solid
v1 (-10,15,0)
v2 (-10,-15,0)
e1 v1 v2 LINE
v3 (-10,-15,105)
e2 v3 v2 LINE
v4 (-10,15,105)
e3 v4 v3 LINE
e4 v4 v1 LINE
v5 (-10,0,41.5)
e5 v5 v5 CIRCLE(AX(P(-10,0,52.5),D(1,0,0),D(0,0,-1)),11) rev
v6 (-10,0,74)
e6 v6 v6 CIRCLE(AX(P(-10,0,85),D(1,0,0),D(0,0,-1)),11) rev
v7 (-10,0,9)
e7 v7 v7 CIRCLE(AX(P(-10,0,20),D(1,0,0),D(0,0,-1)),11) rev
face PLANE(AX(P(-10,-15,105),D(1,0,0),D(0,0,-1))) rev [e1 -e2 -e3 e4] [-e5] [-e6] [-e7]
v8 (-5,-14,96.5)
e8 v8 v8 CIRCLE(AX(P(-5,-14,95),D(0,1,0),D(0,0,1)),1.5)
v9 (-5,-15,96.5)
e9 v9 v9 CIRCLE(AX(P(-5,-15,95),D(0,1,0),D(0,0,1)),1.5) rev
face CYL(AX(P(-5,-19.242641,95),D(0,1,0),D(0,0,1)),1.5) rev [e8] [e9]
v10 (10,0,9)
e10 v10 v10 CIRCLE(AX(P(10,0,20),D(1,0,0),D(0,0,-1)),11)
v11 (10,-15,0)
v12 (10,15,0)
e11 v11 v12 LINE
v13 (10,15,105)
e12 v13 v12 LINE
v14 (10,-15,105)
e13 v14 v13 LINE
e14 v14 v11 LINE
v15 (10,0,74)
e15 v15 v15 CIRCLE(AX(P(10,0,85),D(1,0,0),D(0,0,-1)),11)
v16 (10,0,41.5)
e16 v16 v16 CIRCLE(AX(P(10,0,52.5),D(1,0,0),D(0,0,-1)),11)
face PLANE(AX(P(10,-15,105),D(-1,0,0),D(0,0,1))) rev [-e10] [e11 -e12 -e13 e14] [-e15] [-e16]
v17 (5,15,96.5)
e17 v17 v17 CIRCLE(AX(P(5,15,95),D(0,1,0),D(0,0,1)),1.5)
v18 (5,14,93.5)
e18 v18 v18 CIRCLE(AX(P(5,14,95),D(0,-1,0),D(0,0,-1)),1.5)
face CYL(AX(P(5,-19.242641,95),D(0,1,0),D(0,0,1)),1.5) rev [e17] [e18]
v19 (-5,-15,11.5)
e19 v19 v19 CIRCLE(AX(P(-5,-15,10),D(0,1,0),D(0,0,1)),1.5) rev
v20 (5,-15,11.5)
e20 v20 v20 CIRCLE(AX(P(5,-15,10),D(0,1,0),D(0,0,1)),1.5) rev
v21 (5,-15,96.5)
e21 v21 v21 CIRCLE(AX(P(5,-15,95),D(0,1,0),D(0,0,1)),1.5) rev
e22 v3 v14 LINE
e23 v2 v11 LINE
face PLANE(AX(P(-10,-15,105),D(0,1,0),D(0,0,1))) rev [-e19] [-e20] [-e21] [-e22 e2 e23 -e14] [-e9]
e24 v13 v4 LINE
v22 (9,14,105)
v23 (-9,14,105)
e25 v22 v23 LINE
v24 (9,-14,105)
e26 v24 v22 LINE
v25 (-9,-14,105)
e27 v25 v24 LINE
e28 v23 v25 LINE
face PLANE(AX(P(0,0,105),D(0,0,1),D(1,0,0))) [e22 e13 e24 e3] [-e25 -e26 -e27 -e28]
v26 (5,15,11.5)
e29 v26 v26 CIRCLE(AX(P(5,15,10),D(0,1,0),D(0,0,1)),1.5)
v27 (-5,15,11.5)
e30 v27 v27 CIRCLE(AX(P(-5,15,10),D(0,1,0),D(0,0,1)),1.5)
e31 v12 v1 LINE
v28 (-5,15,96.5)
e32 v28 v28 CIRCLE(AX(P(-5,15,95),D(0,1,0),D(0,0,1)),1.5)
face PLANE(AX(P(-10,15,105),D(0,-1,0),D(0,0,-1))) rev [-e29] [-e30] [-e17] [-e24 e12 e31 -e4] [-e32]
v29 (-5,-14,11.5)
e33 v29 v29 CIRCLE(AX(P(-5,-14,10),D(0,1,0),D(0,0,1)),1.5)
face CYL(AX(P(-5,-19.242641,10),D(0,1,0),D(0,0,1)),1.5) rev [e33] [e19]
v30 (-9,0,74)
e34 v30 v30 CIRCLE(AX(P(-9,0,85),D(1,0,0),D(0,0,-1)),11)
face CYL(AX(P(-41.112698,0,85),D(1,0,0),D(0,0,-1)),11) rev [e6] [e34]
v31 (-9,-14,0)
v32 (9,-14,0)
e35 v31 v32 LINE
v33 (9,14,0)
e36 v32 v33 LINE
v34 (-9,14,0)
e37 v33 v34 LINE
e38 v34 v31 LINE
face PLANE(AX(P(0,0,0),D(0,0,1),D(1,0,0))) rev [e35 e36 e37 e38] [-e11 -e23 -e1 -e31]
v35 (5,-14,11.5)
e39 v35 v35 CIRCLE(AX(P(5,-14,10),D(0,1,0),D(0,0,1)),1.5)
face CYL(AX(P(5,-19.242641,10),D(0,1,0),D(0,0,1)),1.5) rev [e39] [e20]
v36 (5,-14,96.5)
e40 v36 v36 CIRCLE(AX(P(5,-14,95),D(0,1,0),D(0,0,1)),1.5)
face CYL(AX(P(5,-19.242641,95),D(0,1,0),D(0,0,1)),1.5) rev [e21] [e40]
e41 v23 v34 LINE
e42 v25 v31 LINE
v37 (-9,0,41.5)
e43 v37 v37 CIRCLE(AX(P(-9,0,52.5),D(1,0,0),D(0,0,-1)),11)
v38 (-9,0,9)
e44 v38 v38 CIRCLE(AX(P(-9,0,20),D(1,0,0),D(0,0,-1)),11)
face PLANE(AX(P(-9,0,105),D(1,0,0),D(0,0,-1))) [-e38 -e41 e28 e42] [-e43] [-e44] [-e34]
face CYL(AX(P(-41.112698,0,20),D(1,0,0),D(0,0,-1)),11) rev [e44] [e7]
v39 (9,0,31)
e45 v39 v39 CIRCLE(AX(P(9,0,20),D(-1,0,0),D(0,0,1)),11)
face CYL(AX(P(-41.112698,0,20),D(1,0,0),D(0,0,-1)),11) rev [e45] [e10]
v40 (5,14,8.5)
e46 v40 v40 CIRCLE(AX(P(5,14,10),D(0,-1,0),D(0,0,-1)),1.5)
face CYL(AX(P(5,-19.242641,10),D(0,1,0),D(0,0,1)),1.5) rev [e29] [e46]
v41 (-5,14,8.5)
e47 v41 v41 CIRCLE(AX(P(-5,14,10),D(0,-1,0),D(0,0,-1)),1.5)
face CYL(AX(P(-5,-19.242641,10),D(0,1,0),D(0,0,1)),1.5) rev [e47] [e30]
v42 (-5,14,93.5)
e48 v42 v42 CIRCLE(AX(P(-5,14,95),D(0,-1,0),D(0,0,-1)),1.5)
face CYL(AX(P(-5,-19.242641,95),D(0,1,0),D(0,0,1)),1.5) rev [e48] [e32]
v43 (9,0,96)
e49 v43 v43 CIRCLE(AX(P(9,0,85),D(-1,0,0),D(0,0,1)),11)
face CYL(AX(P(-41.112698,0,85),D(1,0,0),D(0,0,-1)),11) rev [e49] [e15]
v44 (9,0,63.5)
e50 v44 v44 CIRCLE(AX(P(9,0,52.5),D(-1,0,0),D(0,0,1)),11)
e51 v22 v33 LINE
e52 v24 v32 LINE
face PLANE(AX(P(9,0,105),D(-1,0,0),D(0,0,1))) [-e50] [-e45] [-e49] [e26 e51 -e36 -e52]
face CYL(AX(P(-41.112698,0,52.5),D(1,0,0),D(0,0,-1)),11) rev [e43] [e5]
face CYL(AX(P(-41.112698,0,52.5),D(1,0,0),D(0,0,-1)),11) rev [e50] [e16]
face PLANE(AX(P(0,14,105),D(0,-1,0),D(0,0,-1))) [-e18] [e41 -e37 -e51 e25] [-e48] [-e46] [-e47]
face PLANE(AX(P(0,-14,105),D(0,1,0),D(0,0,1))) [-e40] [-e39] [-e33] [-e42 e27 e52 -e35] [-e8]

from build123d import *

# Parameters (mm, degrees)
SKETCH_1_W          = 20
SKETCH_1_H          = 30
SKETCH_1_W_2        = 18
SKETCH_1_H_2        = 28
EXTRUDE_1_DEPTH     = 105
CUT_EXTRUDE_1_REACH = 111.659
SKETCH_2_R          = 1.5
CUT_EXTRUDE_3_REACH = 109.935
SKETCH_5_R          = 11


with BuildPart() as part:
    # 草图1 → 拉伸-薄壁1 (new body)
    with BuildSketch(Plane.XY):
        Rectangle(SKETCH_1_W, SKETCH_1_H)
        Rectangle(SKETCH_1_W_2, SKETCH_1_H_2, mode=Mode.SUBTRACT)
    extrude(amount=EXTRUDE_1_DEPTH)

    # 切除-拉伸1: up to this face of the body (flat: up to its plane)
    cut_extrude_1_end = Plane(part.part.faces().sort_by_distance((0, -15, 52.5))[0])
    # 草图2 → 切除-拉伸1 (cut, up to the picked face)
    with BuildSketch(Plane(origin=(0, 15, 0), x_dir=(1, 0, 0), z_dir=(0, 1, 0)), mode=Mode.PRIVATE) as cut_extrude_1_sk1:
        with Locations(Location((5, -10, 0), (0, 0, 270))):
            Circle(SKETCH_2_R)
    cut_extrude_1_tool1 = split(extrude(cut_extrude_1_sk1.sketch, amount=-CUT_EXTRUDE_1_REACH, mode=Mode.PRIVATE), bisect_by=cut_extrude_1_end, keep=Keep.BOTH, mode=Mode.PRIVATE)
    # 草图2 → 切除-拉伸1 (cut, up to the picked face)
    with BuildSketch(Plane(origin=(0, 15, 0), x_dir=(1, 0, 0), z_dir=(0, 1, 0)), mode=Mode.PRIVATE) as cut_extrude_1_sk2:
        with Locations(Location((-5, -10, 0), (0, 0, 270))):
            Circle(SKETCH_2_R)
    cut_extrude_1_tool2 = split(extrude(cut_extrude_1_sk2.sketch, amount=-CUT_EXTRUDE_1_REACH, mode=Mode.PRIVATE), bisect_by=cut_extrude_1_end, keep=Keep.BOTH, mode=Mode.PRIVATE)
    # 草图2 → 切除-拉伸1 (cut, up to the picked face)
    with BuildSketch(Plane(origin=(0, 15, 0), x_dir=(1, 0, 0), z_dir=(0, 1, 0)), mode=Mode.PRIVATE) as cut_extrude_1_sk3:
        with Locations(Location((5, -95, 0), (0, 0, 270))):
            Circle(SKETCH_2_R)
    cut_extrude_1_tool3 = split(extrude(cut_extrude_1_sk3.sketch, amount=-CUT_EXTRUDE_1_REACH, mode=Mode.PRIVATE), bisect_by=cut_extrude_1_end, keep=Keep.BOTH, mode=Mode.PRIVATE)
    # 草图2 → 切除-拉伸1 (cut, up to the picked face)
    with BuildSketch(Plane(origin=(0, 15, 0), x_dir=(1, 0, 0), z_dir=(0, 1, 0)), mode=Mode.PRIVATE) as cut_extrude_1_sk4:
        with Locations(Location((-5, -95, 0), (0, 0, 270))):
            Circle(SKETCH_2_R)
    cut_extrude_1_tool4 = split(extrude(cut_extrude_1_sk4.sketch, amount=-CUT_EXTRUDE_1_REACH, mode=Mode.PRIVATE), bisect_by=cut_extrude_1_end, keep=Keep.BOTH, mode=Mode.PRIVATE)
    add(cut_extrude_1_tool1.solids().sort_by(Axis((5, 15, 10), (0, -1, 0)))[0], mode=Mode.SUBTRACT)
    add(cut_extrude_1_tool2.solids().sort_by(Axis((-5, 15, 10), (0, -1, 0)))[0], mode=Mode.SUBTRACT)
    add(cut_extrude_1_tool3.solids().sort_by(Axis((5, 15, 95), (0, -1, 0)))[0], mode=Mode.SUBTRACT)
    add(cut_extrude_1_tool4.solids().sort_by(Axis((-5, 15, 95), (0, -1, 0)))[0], mode=Mode.SUBTRACT)

    # 切除-拉伸3: up to this face of the body (flat: up to its plane)
    cut_extrude_3_end = Plane(part.part.faces().sort_by_distance((-10, 0, 52.5))[0])
    # 草图5 → 切除-拉伸3 (cut, up to the picked face)
    with BuildSketch(Plane(origin=(10, 0, 0), x_dir=(0, 0, -1), z_dir=(1, 0, 0)), mode=Mode.PRIVATE) as cut_extrude_3_sk1:
        with Locations((-20, 0)):
            Circle(SKETCH_5_R)
    cut_extrude_3_tool1 = split(extrude(cut_extrude_3_sk1.sketch, amount=-CUT_EXTRUDE_3_REACH, mode=Mode.PRIVATE), bisect_by=cut_extrude_3_end, keep=Keep.BOTH, mode=Mode.PRIVATE)
    # 草图5 → 切除-拉伸3 (cut, up to the picked face)
    with BuildSketch(Plane(origin=(10, 0, 0), x_dir=(0, 0, -1), z_dir=(1, 0, 0)), mode=Mode.PRIVATE) as cut_extrude_3_sk2:
        with Locations((-52.5, 0)):
            Circle(SKETCH_5_R)
    cut_extrude_3_tool2 = split(extrude(cut_extrude_3_sk2.sketch, amount=-CUT_EXTRUDE_3_REACH, mode=Mode.PRIVATE), bisect_by=cut_extrude_3_end, keep=Keep.BOTH, mode=Mode.PRIVATE)
    # 草图5 → 切除-拉伸3 (cut, up to the picked face)
    with BuildSketch(Plane(origin=(10, 0, 0), x_dir=(0, 0, -1), z_dir=(1, 0, 0)), mode=Mode.PRIVATE) as cut_extrude_3_sk3:
        with Locations((-85, 0)):
            Circle(SKETCH_5_R)
    cut_extrude_3_tool3 = split(extrude(cut_extrude_3_sk3.sketch, amount=-CUT_EXTRUDE_3_REACH, mode=Mode.PRIVATE), bisect_by=cut_extrude_3_end, keep=Keep.BOTH, mode=Mode.PRIVATE)
    add(cut_extrude_3_tool1.solids().sort_by(Axis((10, 0, 20), (-1, 0, 0)))[0], mode=Mode.SUBTRACT)
    add(cut_extrude_3_tool2.solids().sort_by(Axis((10, 0, 52.5), (-1, 0, 0)))[0], mode=Mode.SUBTRACT)
    add(cut_extrude_3_tool3.solids().sort_by(Axis((10, 0, 85), (-1, 0, 0)))[0], mode=Mode.SUBTRACT)


solid = part.part
